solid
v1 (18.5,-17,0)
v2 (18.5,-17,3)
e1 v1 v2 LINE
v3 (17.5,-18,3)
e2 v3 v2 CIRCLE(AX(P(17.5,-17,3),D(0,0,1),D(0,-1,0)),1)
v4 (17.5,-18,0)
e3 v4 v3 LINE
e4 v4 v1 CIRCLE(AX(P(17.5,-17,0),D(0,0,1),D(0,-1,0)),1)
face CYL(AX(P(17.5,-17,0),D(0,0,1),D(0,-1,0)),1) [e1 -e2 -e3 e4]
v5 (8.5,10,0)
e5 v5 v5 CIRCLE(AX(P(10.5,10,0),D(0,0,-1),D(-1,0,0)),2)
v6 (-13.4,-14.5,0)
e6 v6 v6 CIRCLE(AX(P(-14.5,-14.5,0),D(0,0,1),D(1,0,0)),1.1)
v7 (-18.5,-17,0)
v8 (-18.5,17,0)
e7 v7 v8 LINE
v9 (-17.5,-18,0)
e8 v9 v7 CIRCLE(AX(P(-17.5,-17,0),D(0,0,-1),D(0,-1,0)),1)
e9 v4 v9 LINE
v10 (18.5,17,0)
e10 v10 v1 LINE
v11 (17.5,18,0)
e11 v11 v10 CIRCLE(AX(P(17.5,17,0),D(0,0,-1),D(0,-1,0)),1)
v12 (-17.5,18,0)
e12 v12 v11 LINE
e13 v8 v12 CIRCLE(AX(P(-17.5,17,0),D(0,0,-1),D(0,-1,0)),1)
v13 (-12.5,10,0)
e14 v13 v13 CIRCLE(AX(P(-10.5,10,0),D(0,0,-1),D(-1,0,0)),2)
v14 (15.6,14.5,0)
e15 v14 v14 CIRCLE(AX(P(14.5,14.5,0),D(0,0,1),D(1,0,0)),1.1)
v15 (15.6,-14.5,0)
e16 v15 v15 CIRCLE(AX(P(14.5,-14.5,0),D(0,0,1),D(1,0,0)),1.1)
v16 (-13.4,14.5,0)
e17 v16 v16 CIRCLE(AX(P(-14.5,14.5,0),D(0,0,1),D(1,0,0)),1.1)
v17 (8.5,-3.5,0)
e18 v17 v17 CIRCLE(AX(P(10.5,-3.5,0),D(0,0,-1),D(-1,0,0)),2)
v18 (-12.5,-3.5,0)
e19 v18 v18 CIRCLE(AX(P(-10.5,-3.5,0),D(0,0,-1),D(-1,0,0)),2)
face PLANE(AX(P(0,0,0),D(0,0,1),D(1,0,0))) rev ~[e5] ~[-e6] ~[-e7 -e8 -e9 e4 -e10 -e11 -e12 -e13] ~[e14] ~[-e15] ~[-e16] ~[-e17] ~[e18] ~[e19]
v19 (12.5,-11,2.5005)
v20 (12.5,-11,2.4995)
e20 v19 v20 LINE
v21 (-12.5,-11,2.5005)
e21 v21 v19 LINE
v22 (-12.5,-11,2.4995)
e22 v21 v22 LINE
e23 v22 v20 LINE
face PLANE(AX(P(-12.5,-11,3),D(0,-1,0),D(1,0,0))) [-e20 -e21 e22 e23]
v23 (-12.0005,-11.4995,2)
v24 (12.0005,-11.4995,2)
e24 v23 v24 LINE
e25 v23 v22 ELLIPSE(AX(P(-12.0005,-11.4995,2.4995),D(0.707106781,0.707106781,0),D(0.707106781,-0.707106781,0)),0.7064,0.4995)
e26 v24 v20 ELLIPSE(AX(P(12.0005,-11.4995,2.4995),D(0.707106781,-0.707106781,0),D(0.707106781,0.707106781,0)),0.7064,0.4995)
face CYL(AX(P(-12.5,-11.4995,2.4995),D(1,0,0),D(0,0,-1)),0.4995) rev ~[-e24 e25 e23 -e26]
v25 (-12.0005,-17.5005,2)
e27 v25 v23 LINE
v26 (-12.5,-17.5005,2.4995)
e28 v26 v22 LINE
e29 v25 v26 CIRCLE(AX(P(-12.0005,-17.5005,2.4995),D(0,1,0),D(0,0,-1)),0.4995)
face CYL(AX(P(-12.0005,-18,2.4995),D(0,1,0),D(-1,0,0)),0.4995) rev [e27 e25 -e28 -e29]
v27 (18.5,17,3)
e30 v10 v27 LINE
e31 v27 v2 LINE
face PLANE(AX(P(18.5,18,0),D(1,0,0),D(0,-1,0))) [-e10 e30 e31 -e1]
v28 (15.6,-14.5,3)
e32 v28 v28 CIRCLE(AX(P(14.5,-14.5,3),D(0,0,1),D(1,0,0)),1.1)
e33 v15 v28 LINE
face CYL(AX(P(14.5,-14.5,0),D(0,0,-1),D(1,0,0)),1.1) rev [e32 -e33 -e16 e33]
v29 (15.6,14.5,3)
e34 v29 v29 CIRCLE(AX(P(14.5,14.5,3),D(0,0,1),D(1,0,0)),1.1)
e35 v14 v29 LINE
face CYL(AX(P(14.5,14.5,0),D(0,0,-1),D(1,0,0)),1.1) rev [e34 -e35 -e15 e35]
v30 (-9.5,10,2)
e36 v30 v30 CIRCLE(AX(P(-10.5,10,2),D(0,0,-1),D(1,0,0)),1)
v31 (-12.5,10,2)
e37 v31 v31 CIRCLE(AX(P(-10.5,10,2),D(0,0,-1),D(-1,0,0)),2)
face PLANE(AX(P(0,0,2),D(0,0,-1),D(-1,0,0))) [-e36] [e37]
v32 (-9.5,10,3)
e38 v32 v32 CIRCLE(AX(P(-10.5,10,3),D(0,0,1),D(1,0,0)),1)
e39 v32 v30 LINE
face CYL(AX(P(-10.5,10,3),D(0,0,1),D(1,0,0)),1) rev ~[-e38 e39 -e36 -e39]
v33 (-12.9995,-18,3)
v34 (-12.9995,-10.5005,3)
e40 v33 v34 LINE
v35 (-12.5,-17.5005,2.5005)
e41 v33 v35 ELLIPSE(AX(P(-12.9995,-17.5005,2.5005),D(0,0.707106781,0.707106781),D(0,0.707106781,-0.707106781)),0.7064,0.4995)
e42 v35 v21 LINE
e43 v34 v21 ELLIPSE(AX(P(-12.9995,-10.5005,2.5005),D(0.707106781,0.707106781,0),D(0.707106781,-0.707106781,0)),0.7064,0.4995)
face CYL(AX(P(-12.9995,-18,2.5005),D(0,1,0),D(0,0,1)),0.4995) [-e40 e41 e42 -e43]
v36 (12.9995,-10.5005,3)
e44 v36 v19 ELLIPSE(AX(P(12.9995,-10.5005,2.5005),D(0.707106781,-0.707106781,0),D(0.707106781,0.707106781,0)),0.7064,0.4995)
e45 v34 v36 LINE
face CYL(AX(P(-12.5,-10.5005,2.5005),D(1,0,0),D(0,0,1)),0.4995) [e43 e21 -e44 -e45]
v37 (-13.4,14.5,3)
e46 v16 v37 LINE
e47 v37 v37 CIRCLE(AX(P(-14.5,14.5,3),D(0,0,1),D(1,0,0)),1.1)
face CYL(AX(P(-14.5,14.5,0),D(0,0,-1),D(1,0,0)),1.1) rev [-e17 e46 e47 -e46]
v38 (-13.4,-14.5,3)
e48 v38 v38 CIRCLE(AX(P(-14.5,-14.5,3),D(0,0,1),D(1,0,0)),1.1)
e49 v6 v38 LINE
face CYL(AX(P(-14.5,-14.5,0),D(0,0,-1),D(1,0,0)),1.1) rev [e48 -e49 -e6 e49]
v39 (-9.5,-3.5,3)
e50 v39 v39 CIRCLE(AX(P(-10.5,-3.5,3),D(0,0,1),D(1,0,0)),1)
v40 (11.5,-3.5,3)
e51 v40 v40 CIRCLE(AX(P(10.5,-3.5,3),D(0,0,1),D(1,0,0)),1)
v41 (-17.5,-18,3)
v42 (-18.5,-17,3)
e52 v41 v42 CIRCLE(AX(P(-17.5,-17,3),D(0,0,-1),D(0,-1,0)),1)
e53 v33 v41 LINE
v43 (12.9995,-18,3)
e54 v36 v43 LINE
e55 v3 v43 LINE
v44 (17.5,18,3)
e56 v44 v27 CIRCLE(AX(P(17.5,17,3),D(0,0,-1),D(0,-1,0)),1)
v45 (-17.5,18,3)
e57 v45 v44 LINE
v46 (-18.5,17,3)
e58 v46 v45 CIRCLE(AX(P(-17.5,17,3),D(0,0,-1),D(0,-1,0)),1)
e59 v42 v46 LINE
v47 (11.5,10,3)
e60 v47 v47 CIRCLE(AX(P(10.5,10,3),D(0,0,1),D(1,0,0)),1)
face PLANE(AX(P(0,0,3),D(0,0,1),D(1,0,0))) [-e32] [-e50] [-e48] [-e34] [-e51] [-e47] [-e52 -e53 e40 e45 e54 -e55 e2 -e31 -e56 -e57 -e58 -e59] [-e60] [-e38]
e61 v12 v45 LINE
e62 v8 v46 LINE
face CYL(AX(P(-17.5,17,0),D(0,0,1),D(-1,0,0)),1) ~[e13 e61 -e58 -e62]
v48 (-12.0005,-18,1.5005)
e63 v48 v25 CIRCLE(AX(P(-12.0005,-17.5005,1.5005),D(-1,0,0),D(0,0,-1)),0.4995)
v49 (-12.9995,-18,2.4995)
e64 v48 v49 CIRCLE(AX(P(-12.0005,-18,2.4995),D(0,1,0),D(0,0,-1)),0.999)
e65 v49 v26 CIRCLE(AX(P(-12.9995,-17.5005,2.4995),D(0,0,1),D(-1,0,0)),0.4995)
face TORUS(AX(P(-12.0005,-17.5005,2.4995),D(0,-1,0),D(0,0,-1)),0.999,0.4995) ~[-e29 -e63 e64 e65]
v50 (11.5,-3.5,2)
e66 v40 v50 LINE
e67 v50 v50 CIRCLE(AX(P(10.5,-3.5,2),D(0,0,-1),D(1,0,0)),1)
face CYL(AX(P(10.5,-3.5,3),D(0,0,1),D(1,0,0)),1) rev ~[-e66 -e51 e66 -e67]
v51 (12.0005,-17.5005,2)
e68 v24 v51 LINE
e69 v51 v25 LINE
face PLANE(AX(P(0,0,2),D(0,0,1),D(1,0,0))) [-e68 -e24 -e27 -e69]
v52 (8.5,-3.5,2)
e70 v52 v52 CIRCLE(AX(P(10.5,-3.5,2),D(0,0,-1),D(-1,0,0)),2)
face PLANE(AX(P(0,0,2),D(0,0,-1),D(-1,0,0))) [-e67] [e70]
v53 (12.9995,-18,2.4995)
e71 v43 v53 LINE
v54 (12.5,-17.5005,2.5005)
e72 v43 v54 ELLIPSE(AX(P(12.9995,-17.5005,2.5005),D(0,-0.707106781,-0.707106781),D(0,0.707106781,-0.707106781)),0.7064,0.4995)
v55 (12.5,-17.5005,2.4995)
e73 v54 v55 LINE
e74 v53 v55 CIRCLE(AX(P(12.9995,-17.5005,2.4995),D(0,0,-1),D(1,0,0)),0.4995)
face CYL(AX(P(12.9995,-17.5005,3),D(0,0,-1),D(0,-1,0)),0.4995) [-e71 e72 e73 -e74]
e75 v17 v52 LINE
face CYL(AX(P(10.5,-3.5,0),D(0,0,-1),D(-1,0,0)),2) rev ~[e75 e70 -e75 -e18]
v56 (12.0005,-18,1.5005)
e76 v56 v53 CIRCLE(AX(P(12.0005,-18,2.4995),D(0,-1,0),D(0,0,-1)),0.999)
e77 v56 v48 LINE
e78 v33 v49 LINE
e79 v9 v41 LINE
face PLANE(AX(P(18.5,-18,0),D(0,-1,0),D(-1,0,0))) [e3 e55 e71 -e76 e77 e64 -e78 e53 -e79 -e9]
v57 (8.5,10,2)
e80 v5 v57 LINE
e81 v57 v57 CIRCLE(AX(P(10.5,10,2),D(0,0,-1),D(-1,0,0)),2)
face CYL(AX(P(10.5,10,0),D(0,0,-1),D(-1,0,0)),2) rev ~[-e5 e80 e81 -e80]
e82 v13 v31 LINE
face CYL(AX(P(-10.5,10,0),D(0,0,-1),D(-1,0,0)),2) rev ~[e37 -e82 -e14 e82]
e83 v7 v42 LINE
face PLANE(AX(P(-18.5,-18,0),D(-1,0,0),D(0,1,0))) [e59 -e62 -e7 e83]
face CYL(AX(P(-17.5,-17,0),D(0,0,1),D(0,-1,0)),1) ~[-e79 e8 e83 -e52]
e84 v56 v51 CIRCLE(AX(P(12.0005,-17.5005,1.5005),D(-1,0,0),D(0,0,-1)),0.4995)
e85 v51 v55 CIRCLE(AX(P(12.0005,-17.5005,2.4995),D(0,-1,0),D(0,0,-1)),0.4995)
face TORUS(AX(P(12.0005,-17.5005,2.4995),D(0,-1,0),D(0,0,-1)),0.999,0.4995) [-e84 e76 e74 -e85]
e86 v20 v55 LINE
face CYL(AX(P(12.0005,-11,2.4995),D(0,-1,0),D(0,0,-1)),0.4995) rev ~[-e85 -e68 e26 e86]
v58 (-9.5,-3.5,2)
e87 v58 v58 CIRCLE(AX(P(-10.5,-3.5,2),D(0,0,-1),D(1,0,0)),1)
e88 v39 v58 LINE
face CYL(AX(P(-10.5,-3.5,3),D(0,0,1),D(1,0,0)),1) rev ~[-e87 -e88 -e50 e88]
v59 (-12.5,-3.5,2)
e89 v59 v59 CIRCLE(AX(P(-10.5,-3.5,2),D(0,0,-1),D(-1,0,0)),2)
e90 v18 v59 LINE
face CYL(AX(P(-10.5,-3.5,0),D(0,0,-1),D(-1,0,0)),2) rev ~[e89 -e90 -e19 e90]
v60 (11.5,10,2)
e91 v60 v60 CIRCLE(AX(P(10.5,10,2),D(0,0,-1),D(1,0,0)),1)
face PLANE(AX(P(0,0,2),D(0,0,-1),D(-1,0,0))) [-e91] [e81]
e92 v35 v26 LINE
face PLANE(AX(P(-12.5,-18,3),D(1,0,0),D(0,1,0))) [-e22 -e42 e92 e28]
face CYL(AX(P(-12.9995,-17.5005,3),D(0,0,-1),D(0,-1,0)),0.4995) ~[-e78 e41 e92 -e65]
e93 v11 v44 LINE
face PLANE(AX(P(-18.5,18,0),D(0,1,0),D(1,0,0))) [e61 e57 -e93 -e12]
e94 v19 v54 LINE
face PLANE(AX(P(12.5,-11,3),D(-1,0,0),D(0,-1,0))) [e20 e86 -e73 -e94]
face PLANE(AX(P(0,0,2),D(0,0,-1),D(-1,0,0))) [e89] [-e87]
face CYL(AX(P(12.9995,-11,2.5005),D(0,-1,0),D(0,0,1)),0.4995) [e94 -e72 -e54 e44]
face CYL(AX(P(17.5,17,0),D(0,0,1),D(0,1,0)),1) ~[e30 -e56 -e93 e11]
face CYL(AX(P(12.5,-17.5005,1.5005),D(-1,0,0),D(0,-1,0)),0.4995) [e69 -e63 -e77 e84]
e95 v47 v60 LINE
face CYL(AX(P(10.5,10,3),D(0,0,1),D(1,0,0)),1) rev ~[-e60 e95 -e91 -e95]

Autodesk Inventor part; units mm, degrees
ref_plane "YZ Plane" through (0, 0, 0) normal (1, 0, 0) x (0, 1, 0)
ref_plane "XZ Plane" through (0, 0, 0) normal (0, 1, 0) x (-1, 0, 0)
ref_plane "XY Plane" through (0, 0, 0) normal (0, 0, 1) x (1, 0, 0)
sketch "Эскиз1" plane through (0, 0, 0) normal (0, 0, 1) x (1, 0, 0)
  line L0 (18.5, -18) -> (-18.5, -18)
  line L1 (-18.5, -18) -> (-18.5, 18)
  line L2 (-18.5, 18) -> (18.5, 18)
  line L3 (18.5, 18) -> (18.5, -18)
  line L4 (18.5, -18) -> (-18.5, 18) construction
  line L5 (-18.5, -18) -> (18.5, 18) construction
  line L6 (-14.5, -14.5) -> (14.5, -14.5) construction
  line L7 (14.5, -14.5) -> (14.5, 14.5) construction
  line L8 (14.5, 14.5) -> (-14.5, 14.5) construction
  line L9 (-14.5, 14.5) -> (-14.5, -14.5) construction
  line L10 (-14.5, -14.5) -> (14.5, 14.5) construction
  line L11 (14.5, -14.5) -> (-14.5, 14.5) construction
  circle A0 centre (-14.5, 14.5) radius 1.1
  circle A1 centre (14.5, 14.5) radius 1.1
  circle A2 centre (-14.5, -14.5) radius 1.1
  circle A3 centre (14.5, -14.5) radius 1.1
  point P0 (0, 0)
  dimension "d0" = 37
  dimension "d1" = 36
  dimension "d2" = 29
  dimension "d3" = 29
  dimension "d4" = 2.2
  dimension "d7" = 29
  dimension "d10" = 29
extrude "Выдавливание1" add sketch "Эскиз1" along normal blind 3
fillet "Сопряжение1" radius 1 4 edges at (-18.5, 18, 1.5) (18.5, 18, 1.5) (18.5, -18, 1.5) (-18.5, -18, 1.5)
sketch "Эскиз2" plane through (0, 0, 3) normal (0, 0, 1) x (1, 0, 0)
  circle A0 centre (10.5, -3.5) radius 1 projected
  circle A1 centre (10.5, 10) radius 1 projected
  circle A2 centre (-10.5, 10) radius 1 projected
  circle A3 centre (-10.5, -3.5) radius 1 projected
  point P0 (0, 0)
extrude "Выдавливание2" cut sketch "Эскиз2" against normal blind 3
sketch "Эскиз3" plane through (0, 0, 0) normal (0, 0, -1) x (-1, 0, 0)
  circle A0 centre (10.5, -3.5) radius 1 projected
  circle A1 centre (-10.5, -3.5) radius 1 projected
  circle A2 centre (10.5, 10) radius 1 projected
  circle A3 centre (-10.5, 10) radius 1 projected
  circle A4 centre (10.5, -3.5) radius 2
  circle A5 centre (-10.5, -3.5) radius 2
  circle A6 centre (-10.5, 10) radius 2
  circle A7 centre (10.5, 10) radius 2
  point P0 (0, 0)
  dimension "d18" = 1
  dimension "d19" = 1
  dimension "d20" = 1
  dimension "d21" = 1
extrude "Выдавливание3" cut sketch "Эскиз3" against normal blind 2
sketch "Эскиз4" plane through (0, 0, 3) normal (0, 0, 1) x (1, 0, 0)
  line L0 (-12.5, -12) -> (12.5, -12) construction
  line L1 (12.5, -12) -> (12.5, -18) construction
  line L2 (-17.5, -18) -> (17.5, -18) construction
  line L3 (-12.5, -12) -> (-12.5, -18) construction
  line L4 (12.5, -18) -> (-12.5, -18)
  line L5 (-12.5, -18) -> (-12.5, -11)
  line L6 (-12.5, -11) -> (12.5, -11)
  line L7 (12.5, -11) -> (12.5, -18)
  point P0 (0, 0)
  dimension "d24" = 7
extrude "Выдавливание4" cut sketch "Эскиз4" against normal blind 1
fillet "Сопряжение2" radius 0.5 9 edges at (0, -11, 3) (0, -11, 2) (0, -18, 2) (12.5, -18, 2.5) (12.5, -14.5, 2) (-12.5, -18, 2.5) (-12.5, -14.5, 2) (12.5, -14.5, 3) (-12.5, -14.5, 3)
properties part number "крепеж камеры"
